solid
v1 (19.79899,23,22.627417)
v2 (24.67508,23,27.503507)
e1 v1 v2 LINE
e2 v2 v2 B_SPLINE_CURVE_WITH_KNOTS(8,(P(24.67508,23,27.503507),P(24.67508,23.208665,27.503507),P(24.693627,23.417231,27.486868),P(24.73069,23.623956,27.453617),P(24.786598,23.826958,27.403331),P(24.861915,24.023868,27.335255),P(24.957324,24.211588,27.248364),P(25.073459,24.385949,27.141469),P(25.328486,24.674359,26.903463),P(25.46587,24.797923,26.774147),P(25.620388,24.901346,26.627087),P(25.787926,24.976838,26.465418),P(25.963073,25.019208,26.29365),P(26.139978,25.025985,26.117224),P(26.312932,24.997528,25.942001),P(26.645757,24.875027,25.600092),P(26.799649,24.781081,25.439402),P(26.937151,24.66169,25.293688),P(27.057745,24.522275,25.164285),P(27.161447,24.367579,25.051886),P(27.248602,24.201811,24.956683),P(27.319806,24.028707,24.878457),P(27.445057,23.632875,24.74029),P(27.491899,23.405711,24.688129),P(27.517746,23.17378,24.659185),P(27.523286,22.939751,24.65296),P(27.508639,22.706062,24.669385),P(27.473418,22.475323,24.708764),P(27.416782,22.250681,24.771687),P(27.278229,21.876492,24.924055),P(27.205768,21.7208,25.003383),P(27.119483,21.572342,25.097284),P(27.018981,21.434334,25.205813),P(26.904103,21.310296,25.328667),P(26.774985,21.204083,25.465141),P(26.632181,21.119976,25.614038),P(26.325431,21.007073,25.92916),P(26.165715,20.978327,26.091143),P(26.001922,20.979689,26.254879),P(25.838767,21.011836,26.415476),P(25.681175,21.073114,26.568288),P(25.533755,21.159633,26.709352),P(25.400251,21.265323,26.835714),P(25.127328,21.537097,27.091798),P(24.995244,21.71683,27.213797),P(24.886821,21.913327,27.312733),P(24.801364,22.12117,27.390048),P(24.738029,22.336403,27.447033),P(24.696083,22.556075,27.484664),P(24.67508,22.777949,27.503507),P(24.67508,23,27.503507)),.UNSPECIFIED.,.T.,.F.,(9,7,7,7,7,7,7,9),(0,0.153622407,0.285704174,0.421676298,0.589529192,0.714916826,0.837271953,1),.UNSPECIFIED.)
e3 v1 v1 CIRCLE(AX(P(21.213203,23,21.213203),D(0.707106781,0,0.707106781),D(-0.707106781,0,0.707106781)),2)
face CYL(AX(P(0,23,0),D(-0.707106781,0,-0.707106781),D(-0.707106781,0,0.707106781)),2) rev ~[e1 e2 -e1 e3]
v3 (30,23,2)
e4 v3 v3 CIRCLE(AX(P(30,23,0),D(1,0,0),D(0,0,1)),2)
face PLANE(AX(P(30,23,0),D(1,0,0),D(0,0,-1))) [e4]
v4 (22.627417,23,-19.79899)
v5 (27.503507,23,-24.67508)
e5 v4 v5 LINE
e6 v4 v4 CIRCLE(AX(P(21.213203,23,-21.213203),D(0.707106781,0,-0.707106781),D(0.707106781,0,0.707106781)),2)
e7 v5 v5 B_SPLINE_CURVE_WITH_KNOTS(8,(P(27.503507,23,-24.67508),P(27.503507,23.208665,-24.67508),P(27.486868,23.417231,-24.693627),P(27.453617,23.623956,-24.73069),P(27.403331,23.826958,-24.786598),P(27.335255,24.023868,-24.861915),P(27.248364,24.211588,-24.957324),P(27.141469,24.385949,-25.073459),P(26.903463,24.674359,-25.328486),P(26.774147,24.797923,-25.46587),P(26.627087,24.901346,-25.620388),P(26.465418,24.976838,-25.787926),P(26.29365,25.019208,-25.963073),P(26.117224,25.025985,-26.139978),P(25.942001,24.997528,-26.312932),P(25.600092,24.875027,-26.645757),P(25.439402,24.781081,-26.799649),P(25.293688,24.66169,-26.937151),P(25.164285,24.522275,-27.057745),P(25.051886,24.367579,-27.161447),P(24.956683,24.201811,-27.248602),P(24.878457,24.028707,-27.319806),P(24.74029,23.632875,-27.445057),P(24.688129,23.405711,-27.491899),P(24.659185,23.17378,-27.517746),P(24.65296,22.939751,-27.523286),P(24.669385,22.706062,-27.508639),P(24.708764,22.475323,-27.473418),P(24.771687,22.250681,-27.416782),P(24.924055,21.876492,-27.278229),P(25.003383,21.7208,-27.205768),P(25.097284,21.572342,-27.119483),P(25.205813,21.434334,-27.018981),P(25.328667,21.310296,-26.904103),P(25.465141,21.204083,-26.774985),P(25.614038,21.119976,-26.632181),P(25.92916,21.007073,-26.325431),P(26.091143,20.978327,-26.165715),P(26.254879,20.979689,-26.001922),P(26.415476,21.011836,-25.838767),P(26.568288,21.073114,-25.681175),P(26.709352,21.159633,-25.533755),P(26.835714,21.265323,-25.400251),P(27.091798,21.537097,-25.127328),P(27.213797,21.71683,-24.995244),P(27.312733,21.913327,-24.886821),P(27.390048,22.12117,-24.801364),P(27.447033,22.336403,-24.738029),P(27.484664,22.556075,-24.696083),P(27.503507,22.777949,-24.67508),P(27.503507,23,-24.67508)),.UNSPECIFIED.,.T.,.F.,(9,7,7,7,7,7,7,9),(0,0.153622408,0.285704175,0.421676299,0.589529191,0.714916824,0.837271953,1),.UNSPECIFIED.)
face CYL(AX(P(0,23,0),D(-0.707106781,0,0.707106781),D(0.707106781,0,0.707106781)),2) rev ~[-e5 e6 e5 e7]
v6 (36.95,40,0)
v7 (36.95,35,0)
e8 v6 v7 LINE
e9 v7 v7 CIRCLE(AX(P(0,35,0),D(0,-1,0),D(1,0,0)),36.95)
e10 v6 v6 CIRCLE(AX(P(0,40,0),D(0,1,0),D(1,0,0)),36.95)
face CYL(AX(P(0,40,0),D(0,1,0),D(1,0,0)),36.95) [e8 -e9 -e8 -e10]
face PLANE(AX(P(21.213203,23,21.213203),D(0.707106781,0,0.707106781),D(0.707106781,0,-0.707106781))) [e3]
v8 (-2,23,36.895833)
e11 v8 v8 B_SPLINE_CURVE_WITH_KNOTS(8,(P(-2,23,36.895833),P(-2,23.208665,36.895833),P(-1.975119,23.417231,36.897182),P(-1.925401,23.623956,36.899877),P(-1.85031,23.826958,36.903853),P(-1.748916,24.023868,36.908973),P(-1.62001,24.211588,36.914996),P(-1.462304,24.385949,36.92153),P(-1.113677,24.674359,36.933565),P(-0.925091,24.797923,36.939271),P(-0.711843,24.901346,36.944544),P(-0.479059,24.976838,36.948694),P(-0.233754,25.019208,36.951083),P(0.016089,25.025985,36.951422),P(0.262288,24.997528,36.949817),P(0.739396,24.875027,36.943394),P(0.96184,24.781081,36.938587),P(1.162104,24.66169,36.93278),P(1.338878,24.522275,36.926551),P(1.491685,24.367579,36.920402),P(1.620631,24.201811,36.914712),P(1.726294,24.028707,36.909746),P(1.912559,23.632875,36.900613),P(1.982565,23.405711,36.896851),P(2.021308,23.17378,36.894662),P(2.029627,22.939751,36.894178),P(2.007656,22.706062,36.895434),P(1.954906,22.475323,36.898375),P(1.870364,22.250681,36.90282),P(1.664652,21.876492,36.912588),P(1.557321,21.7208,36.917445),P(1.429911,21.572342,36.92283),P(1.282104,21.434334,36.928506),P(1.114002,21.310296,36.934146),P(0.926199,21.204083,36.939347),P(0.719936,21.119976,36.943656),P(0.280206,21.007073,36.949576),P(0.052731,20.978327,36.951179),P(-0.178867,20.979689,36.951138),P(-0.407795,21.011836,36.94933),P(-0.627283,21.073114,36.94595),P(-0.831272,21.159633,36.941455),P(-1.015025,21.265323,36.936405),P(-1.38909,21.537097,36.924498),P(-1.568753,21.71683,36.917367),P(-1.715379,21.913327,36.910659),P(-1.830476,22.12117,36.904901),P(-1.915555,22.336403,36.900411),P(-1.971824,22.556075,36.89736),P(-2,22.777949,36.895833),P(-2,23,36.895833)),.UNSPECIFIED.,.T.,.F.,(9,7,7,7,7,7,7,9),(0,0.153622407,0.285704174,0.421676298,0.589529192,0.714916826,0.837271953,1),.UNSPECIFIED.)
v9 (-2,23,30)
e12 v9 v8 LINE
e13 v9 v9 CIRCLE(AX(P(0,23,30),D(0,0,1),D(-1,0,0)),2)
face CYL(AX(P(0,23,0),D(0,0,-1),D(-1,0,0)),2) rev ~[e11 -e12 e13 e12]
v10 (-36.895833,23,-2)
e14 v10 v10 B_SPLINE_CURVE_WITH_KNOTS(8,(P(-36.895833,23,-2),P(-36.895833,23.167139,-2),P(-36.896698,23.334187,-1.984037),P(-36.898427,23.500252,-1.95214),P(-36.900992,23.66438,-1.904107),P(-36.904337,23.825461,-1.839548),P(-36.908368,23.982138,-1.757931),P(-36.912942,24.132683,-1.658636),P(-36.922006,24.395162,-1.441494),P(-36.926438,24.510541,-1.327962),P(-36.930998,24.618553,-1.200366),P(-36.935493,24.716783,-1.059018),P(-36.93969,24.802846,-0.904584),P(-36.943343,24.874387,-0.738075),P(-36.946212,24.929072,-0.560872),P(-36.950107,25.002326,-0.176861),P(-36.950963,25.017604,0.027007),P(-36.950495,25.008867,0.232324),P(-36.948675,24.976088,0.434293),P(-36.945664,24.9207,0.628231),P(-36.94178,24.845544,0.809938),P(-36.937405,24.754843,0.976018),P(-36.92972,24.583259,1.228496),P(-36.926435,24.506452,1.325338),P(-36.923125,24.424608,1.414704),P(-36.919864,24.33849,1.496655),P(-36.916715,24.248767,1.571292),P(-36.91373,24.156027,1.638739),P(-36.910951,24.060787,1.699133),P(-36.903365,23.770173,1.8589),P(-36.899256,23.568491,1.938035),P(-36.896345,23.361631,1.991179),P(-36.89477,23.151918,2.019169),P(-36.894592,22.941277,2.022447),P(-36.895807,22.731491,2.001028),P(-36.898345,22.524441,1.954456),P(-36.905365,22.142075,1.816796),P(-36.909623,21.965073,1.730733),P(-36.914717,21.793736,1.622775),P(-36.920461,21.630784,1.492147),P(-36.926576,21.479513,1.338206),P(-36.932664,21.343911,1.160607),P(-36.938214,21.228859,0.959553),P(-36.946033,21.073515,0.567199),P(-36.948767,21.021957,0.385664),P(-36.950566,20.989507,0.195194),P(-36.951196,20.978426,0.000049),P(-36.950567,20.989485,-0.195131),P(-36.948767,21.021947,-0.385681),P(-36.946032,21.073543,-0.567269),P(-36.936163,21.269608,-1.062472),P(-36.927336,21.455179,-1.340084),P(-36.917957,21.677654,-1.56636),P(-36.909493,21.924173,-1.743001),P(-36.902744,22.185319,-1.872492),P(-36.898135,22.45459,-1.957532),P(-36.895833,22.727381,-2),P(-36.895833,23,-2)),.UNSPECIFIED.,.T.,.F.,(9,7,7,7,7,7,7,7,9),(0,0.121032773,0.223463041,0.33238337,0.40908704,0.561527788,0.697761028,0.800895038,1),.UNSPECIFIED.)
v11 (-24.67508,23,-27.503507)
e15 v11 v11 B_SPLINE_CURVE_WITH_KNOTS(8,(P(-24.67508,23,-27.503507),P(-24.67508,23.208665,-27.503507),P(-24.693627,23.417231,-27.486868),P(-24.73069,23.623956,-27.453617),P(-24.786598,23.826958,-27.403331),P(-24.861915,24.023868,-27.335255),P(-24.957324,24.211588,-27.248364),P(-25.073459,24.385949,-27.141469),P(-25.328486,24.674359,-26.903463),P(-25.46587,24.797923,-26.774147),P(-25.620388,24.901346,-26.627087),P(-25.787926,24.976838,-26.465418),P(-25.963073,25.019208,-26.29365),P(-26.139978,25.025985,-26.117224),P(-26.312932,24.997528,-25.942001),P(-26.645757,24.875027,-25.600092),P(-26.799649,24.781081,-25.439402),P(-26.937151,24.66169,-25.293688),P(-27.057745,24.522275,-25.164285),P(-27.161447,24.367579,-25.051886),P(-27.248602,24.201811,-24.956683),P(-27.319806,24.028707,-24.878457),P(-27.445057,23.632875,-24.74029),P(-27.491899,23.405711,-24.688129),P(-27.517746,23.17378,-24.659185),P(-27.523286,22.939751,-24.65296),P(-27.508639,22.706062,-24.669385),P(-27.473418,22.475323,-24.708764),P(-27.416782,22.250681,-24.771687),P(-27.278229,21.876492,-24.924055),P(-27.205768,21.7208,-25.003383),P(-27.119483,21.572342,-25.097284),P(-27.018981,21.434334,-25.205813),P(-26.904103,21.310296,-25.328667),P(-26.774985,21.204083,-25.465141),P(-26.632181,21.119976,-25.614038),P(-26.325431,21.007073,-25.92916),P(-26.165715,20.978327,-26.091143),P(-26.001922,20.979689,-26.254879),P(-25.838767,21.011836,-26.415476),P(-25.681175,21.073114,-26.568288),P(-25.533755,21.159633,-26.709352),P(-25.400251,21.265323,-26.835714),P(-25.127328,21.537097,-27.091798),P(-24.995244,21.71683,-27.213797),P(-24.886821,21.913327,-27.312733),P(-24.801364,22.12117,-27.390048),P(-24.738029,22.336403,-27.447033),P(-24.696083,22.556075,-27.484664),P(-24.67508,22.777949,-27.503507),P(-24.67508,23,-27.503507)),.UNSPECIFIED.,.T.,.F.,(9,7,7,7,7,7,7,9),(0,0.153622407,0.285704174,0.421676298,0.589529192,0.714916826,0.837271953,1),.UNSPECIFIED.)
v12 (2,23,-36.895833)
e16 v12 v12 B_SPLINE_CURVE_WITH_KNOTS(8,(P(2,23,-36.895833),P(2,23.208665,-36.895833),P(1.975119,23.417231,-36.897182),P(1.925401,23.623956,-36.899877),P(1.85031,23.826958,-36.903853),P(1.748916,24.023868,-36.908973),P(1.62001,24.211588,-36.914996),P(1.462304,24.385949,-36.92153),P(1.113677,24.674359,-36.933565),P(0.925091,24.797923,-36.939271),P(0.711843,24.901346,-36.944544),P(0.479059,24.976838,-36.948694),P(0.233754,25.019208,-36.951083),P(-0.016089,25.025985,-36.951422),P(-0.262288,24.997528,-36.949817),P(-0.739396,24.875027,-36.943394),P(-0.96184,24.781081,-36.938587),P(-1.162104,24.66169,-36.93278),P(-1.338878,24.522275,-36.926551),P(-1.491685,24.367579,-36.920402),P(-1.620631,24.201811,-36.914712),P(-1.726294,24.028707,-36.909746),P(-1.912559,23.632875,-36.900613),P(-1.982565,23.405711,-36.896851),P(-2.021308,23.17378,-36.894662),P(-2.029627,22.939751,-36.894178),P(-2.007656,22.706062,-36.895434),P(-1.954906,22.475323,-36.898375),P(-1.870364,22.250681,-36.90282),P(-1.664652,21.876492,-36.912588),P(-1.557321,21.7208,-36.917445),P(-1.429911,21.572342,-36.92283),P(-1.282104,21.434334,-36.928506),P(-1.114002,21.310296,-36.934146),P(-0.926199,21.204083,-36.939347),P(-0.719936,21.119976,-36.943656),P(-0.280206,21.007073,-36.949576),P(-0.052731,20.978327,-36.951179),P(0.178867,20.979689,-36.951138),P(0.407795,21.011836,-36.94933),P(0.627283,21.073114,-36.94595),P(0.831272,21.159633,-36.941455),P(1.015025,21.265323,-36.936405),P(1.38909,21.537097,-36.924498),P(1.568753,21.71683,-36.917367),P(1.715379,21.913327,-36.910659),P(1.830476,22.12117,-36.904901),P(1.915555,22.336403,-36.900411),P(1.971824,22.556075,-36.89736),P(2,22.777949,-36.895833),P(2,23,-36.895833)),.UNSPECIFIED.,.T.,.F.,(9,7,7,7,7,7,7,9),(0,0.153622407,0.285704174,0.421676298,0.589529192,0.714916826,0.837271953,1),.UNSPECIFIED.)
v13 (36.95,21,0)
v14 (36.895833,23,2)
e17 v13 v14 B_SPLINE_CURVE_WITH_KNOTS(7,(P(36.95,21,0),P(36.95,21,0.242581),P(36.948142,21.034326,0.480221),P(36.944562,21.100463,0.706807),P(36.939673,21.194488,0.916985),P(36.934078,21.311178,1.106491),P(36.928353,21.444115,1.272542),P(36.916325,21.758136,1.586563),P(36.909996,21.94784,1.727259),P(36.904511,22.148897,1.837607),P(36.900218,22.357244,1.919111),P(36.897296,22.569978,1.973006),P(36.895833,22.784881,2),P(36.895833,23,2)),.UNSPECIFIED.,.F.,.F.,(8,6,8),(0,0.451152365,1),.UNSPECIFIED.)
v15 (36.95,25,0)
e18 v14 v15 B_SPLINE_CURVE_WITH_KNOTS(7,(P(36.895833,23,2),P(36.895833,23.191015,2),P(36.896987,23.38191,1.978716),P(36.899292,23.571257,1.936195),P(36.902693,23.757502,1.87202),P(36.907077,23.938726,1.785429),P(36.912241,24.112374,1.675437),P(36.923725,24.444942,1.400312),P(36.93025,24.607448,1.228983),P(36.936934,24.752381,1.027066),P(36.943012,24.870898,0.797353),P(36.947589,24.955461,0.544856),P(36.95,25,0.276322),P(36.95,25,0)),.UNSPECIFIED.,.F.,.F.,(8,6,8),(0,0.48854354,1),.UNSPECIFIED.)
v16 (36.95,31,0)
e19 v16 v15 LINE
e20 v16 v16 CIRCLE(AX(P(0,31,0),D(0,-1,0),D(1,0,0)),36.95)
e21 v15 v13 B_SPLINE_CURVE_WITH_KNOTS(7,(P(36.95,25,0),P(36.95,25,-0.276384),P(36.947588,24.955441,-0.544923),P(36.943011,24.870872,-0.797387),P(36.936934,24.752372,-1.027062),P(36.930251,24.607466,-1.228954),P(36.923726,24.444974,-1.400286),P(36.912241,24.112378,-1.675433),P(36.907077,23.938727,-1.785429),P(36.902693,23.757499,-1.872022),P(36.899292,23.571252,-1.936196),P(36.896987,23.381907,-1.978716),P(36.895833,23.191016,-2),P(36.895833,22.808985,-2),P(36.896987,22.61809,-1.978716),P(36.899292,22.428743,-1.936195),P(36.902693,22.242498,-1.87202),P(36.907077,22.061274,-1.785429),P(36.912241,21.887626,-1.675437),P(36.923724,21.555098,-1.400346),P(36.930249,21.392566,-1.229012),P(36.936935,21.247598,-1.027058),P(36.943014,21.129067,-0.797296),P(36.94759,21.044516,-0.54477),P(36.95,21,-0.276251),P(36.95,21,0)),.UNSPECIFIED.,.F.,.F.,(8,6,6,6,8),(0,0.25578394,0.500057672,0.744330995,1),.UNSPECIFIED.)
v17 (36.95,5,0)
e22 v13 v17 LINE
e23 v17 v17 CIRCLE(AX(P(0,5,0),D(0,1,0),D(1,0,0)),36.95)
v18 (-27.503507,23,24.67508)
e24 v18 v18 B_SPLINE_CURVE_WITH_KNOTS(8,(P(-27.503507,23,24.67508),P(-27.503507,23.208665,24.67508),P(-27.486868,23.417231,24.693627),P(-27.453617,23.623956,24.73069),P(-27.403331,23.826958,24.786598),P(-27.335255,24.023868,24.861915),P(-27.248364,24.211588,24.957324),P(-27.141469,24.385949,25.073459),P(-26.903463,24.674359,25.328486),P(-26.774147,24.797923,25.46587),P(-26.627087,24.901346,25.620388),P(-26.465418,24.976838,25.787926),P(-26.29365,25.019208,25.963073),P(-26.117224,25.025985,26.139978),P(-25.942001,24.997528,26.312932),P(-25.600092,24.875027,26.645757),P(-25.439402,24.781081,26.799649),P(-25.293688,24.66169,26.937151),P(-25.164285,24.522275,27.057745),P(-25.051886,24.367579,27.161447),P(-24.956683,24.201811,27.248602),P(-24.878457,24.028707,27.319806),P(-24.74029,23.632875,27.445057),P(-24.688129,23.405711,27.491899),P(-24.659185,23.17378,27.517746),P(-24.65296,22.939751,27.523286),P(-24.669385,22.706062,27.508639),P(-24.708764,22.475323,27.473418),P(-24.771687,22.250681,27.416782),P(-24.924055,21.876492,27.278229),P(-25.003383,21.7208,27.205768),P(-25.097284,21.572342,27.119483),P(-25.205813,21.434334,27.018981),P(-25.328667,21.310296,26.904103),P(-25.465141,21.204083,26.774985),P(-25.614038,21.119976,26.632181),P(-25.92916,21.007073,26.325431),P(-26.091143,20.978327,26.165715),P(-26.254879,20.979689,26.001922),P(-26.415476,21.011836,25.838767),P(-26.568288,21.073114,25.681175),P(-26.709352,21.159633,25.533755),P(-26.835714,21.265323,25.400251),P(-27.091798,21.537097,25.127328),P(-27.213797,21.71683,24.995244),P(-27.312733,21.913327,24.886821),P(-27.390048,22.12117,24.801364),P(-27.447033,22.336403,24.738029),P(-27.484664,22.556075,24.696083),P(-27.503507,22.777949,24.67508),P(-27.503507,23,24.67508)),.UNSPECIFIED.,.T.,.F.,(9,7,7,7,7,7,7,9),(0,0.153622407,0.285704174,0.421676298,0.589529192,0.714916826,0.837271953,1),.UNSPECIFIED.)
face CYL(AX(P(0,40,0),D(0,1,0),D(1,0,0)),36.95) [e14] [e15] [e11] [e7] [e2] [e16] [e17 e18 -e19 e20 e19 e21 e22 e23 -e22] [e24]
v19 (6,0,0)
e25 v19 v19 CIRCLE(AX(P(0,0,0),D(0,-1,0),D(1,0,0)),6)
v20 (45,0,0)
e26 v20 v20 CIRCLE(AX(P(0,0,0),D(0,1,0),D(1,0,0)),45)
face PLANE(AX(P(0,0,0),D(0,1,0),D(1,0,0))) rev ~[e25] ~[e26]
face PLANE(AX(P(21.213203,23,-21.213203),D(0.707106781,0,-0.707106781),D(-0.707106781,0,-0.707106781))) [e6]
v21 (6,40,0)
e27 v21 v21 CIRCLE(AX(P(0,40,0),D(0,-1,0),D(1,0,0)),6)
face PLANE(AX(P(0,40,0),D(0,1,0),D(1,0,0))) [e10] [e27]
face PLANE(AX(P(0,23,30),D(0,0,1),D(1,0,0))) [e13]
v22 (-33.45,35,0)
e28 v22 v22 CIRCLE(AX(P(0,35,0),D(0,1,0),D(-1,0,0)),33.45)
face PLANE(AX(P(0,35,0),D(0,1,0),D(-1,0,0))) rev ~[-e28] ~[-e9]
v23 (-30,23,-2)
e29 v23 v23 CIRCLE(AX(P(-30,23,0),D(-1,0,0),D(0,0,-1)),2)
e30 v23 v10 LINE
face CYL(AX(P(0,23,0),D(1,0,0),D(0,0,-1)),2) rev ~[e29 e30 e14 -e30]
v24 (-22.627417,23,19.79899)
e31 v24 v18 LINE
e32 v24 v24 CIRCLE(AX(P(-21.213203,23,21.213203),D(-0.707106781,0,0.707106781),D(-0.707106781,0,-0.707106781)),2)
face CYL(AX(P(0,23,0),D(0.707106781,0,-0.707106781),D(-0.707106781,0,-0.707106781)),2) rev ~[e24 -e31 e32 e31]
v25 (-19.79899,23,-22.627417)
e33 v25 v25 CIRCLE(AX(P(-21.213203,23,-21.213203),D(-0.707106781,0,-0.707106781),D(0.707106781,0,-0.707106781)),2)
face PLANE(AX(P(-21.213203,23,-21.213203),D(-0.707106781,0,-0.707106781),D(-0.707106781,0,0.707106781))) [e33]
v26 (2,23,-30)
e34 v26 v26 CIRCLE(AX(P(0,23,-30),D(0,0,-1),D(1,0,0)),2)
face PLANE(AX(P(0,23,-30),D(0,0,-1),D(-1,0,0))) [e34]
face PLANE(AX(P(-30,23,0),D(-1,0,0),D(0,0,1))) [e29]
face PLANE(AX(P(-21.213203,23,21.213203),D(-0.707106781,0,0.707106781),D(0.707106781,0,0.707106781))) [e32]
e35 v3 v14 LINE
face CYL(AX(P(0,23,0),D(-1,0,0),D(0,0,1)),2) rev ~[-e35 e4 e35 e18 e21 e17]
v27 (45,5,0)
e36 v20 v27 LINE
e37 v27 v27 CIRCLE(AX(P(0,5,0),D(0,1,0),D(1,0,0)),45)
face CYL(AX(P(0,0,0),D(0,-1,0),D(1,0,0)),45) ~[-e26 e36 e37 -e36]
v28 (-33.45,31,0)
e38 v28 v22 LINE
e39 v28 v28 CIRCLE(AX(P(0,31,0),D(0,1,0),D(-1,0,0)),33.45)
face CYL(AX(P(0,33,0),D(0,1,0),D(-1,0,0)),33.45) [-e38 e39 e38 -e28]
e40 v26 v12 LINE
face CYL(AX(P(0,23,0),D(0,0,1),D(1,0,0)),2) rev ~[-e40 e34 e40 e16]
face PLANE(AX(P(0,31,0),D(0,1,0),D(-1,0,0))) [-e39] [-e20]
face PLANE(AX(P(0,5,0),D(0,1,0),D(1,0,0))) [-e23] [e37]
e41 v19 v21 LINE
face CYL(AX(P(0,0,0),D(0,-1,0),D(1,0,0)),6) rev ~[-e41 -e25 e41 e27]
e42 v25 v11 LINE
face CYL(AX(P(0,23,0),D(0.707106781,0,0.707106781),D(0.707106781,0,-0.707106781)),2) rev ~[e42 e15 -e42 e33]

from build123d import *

# Parameters (mm, degrees)
SKETCH1_R           = 45
BOSS_EXTRUDE1_DEPTH = 40
SKETCH2_R           = 45
SKETCH2_R_2         = 36.95
CUT_EXTRUDE1_DEPTH  = 35
SKETCH5_W           = 3.5
SKETCH5_H           = 4
SKETCH6_R           = 2
CUT_EXTRUDE4_DEPTH  = 46
SKETCH8_R           = 2
BOSS_EXTRUDE2_DEPTH = 30
CIRPATTERN1_COUNT   = 8
SKETCH4_R           = 6
CUT_EXTRUDE3_DEPTH  = 77


with BuildPart() as part:
    # Sketch1 → Boss-Extrude1 (new body)
    with BuildSketch(Plane(origin=(0, 0, 0), x_dir=(1, 0, 0), z_dir=(0, 1, 0))):
        Circle(SKETCH1_R)
    extrude(amount=BOSS_EXTRUDE1_DEPTH)

    # Sketch2 → Cut-Extrude1 (cut)
    with BuildSketch(Plane(origin=(0, 40, 0), x_dir=(1, 0, 0), z_dir=(0, 1, 0))):
        Circle(SKETCH2_R)
        Circle(SKETCH2_R_2, mode=Mode.SUBTRACT)
    extrude(amount=-CUT_EXTRUDE1_DEPTH, mode=Mode.SUBTRACT)

    # Sketch5 → Cut-Revolve1 (revolve, cut)
    with BuildSketch(Plane.XY):
        with Locations((-35.2, 33)):
            Rectangle(SKETCH5_W, SKETCH5_H)
    revolve(axis=Axis((0, 0, 0), (0, 1, 0)), mode=Mode.SUBTRACT)

    # Sketch6 → Cut-Extrude4 (cut)
    with BuildSketch(Plane.XY):
        with Locations((0, 23)):
            Circle(SKETCH6_R)
    cut_extrude4 = extrude(amount=-CUT_EXTRUDE4_DEPTH, mode=Mode.SUBTRACT)

    # Sketch8 → Boss-Extrude2 (add)
    with BuildSketch(Plane(origin=(0, 0, 0), x_dir=(-1, 0, 0), z_dir=(0, 0, -1))):
        with Locations((0, 23)):
            Circle(SKETCH8_R)
    boss_extrude2 = extrude(amount=BOSS_EXTRUDE2_DEPTH)

    # CirPattern1: Cut-Extrude4, Boss-Extrude2 ×8 about axis
    cirpattern1_axis = Axis((0, 0, 0), (0, 1, 0))
    for i in range(1, CIRPATTERN1_COUNT):
        add(cut_extrude4.rotate(cirpattern1_axis, i * 360 / CIRPATTERN1_COUNT), mode=Mode.SUBTRACT)
        add(boss_extrude2.rotate(cirpattern1_axis, i * 360 / CIRPATTERN1_COUNT))

    # Sketch4 → Cut-Extrude3 (cut)
    with BuildSketch(Plane.XZ):
        Circle(SKETCH4_R)
    extrude(amount=-CUT_EXTRUDE3_DEPTH, mode=Mode.SUBTRACT)


solid = part.part
